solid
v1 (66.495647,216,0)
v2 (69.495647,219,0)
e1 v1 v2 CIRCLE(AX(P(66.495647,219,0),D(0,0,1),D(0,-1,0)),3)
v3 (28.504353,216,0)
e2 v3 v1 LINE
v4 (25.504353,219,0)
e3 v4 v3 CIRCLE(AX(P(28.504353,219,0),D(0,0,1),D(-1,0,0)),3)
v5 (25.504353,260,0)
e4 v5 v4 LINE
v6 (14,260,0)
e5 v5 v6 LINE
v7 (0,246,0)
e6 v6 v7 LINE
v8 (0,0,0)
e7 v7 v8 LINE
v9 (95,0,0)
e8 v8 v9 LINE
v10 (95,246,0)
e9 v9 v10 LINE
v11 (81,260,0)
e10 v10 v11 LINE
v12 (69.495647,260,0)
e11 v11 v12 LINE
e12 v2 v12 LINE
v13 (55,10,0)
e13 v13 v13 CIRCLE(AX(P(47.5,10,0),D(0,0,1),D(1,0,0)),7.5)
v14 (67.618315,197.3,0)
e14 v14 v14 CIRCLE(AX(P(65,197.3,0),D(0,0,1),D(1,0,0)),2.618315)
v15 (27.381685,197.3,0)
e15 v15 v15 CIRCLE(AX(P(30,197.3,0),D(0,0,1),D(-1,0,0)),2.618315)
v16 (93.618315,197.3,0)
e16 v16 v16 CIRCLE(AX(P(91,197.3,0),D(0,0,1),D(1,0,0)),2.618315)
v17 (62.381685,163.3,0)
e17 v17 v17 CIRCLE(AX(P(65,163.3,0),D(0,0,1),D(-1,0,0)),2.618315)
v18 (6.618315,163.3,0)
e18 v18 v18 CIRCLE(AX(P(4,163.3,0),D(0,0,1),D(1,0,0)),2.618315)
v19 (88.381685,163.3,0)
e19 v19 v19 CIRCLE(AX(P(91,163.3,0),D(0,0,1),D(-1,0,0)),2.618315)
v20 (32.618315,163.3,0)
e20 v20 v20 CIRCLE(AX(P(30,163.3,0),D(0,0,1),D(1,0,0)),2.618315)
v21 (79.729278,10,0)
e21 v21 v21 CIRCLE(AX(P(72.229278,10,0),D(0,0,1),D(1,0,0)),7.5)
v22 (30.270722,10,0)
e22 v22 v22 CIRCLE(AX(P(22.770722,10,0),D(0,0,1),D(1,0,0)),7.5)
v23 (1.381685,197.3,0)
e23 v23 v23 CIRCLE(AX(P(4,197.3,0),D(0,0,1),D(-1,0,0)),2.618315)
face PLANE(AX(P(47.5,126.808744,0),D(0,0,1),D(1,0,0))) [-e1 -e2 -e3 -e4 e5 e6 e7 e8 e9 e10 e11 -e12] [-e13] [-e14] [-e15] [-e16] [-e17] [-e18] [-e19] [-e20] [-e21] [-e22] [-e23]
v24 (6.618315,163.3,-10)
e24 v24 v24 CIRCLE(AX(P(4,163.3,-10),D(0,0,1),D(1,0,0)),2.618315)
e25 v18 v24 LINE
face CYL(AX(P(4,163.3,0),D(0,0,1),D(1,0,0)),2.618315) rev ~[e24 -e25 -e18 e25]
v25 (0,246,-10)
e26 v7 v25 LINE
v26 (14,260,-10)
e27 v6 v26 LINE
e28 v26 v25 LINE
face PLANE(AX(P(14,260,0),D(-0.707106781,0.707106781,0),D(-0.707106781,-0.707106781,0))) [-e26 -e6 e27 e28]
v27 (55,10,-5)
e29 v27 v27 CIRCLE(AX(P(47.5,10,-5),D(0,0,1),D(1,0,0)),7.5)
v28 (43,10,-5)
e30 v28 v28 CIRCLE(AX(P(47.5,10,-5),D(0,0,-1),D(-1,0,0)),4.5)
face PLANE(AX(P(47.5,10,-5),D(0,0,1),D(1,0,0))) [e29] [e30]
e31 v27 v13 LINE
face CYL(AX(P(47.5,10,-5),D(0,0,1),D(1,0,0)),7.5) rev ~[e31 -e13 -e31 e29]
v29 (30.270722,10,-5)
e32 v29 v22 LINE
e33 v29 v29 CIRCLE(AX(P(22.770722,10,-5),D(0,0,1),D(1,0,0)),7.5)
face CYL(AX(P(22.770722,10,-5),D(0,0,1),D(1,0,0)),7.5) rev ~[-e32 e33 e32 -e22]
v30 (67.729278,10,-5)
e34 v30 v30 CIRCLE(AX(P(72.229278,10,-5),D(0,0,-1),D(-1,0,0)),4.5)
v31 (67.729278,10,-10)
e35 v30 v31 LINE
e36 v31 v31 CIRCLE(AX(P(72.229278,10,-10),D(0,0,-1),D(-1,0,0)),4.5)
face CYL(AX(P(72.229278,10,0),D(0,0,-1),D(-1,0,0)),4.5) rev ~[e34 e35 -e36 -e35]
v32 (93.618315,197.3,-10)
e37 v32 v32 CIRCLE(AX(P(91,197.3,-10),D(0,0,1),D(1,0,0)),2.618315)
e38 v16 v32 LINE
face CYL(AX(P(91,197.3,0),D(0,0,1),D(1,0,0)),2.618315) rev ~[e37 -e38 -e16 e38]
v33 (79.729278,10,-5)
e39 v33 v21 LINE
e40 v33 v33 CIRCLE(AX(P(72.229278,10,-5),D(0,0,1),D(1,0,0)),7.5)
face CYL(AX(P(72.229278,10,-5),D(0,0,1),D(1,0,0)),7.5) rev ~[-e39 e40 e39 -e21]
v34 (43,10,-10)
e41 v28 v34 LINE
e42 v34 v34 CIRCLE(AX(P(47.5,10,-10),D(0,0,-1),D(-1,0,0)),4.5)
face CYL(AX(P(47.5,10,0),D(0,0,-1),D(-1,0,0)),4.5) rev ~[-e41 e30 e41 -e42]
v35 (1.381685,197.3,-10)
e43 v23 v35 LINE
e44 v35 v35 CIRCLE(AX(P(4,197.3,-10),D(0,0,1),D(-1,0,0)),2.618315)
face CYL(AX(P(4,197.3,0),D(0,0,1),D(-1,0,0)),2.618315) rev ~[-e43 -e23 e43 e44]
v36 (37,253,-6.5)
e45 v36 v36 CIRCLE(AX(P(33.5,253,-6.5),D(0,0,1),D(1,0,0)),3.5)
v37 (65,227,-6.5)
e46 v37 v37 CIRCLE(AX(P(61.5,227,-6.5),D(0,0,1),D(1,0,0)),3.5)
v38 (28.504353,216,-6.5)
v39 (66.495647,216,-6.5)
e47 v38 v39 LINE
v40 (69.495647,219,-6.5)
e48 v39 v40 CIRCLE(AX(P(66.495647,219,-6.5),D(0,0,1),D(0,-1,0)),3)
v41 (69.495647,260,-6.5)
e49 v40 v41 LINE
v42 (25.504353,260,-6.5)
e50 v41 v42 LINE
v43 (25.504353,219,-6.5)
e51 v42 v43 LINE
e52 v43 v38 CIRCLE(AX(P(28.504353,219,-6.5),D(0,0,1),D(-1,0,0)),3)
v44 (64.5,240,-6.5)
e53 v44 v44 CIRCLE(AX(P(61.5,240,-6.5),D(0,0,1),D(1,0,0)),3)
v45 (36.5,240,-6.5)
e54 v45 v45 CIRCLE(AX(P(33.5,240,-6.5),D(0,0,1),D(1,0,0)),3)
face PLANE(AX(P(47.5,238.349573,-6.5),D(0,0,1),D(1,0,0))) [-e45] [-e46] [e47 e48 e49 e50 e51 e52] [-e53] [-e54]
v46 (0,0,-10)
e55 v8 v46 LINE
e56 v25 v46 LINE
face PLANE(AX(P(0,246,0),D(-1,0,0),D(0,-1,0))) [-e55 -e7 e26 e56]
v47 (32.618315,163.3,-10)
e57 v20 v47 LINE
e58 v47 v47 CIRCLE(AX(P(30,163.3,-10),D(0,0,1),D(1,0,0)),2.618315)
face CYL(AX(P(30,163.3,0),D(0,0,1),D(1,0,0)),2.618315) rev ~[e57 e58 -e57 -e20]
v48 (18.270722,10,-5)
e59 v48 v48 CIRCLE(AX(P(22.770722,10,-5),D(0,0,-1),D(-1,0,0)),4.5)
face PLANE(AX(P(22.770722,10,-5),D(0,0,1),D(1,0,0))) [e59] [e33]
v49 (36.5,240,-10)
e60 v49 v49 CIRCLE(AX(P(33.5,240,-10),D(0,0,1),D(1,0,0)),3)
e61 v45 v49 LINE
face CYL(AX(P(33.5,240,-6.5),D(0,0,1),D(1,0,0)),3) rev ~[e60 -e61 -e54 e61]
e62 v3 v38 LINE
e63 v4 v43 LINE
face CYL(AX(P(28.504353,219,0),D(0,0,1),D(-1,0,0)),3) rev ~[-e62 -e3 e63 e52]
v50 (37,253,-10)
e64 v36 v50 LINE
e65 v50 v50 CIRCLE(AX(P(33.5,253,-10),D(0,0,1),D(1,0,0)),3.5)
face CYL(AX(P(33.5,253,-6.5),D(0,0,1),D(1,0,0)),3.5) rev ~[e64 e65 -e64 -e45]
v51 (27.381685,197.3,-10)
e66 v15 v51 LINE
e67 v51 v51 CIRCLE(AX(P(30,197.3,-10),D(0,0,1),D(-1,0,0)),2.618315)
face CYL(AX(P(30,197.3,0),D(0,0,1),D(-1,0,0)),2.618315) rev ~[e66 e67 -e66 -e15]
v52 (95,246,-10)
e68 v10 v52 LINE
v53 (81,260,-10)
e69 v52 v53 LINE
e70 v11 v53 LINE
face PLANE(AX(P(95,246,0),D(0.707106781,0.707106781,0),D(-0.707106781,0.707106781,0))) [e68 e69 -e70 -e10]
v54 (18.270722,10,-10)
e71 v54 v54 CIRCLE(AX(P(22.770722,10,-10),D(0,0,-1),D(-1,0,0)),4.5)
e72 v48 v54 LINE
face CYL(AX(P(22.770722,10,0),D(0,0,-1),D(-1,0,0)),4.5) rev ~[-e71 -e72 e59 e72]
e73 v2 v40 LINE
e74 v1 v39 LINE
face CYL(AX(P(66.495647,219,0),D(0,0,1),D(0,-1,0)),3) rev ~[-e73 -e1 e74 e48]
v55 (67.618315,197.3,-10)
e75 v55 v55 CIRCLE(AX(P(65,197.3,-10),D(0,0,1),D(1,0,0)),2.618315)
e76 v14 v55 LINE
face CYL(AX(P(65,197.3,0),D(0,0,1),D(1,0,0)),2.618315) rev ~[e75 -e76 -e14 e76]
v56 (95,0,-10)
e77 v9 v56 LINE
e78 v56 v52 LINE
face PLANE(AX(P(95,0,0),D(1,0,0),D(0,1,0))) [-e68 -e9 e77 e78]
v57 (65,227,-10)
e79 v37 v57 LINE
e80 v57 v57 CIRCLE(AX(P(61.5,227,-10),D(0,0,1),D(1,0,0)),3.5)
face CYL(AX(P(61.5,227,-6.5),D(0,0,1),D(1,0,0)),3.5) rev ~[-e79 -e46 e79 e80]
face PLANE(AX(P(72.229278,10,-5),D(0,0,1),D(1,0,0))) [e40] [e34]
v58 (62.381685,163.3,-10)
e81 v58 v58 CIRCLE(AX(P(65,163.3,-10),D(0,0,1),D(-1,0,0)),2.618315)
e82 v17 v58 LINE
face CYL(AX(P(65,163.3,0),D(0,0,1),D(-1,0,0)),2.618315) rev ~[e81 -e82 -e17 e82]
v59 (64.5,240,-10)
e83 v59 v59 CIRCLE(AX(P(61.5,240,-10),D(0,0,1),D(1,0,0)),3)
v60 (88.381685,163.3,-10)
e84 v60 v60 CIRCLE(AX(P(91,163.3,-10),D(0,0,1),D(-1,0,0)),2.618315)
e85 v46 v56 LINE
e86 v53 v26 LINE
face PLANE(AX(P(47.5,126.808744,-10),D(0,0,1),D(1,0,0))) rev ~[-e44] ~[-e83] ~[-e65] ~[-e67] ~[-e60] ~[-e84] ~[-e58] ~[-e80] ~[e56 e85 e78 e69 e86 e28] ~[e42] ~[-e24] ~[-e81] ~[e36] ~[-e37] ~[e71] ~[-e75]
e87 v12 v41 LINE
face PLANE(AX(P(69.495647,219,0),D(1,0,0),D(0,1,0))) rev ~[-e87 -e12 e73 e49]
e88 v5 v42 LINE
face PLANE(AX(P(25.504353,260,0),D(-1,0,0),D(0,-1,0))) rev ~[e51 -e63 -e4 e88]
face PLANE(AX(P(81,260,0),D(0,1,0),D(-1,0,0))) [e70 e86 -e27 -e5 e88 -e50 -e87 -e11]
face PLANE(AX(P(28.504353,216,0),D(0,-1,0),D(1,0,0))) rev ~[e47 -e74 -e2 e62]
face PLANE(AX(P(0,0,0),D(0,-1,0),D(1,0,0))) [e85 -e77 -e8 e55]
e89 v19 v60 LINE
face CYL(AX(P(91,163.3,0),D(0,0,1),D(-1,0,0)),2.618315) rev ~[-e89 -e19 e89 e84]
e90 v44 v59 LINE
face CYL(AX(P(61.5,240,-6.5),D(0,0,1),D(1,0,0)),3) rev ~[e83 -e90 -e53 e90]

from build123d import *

# Parameters (mm, degrees)
SCHIZZO1_R                                           = 4.2
SCHIZZO1_R_2                                         = 2.61831532
ESTRUSIONE_ESTRUSIONE1_DEPTH                         = 10
TAGLIO_ESTRUSIONE1_DEPTH                             = 6.5
SCHIZZO3_R                                           = 3.5
SCHIZZO3_R_2                                         = 3
TAGLIO_ESTRUSIONE2_DEPTH                             = 6.5
FORO_LAMATO_PER_VITE_M8_A_TESTA_CILINDRI_D           = 9
FORO_LAMATO_PER_VITE_M8_A_TESTA_CILINDRI_CBORE_D     = 15
FORO_LAMATO_PER_VITE_M8_A_TESTA_CILINDRI_CBORE_DEPTH = 5


with BuildPart() as part:
    # Schizzo1 → Estrusione-Estrusione1 (new body)
    with BuildSketch(Plane.XY):
        Polygon((0, 0), (95, 0), (95, 246), (81, 260), (14, 260), (0, 246), align=None)
        with Locations((22.770722004, 10)):
            Circle(SCHIZZO1_R, mode=Mode.SUBTRACT)
        with Locations((47.5, 10)):
            Circle(SCHIZZO1_R, mode=Mode.SUBTRACT)
        with Locations(Location((72.229277996, 10, 0), (0, 0, 180))):
            Circle(SCHIZZO1_R, mode=Mode.SUBTRACT)
        with Locations((4, 163.3)):
            Circle(SCHIZZO1_R_2, mode=Mode.SUBTRACT)
        with Locations((30, 163.3)):
            Circle(SCHIZZO1_R_2, mode=Mode.SUBTRACT)
        with Locations(Location((65, 163.3, 0), (0, 0, 180))):
            Circle(SCHIZZO1_R_2, mode=Mode.SUBTRACT)
        with Locations(Location((91, 163.3, 0), (0, 0, 180))):
            Circle(SCHIZZO1_R_2, mode=Mode.SUBTRACT)
        with Locations((91, 197.3)):
            Circle(SCHIZZO1_R_2, mode=Mode.SUBTRACT)
        with Locations((65, 197.3)):
            Circle(SCHIZZO1_R_2, mode=Mode.SUBTRACT)
        with Locations(Location((30, 197.3, 0), (0, 0, 180))):
            Circle(SCHIZZO1_R_2, mode=Mode.SUBTRACT)
        with Locations(Location((4, 197.3, 0), (0, 0, 180))):
            Circle(SCHIZZO1_R_2, mode=Mode.SUBTRACT)
    extrude(amount=-ESTRUSIONE_ESTRUSIONE1_DEPTH)

    # Schizzo2 → Taglio-Estrusione1 (cut)
    with BuildSketch(Plane.XY):
        with BuildLine():
            Line((25.504353305, 260), (25.504353305, 219))
            ThreePointArc((25.504353305, 219), (26.383032962, 216.878679656), (28.504353305, 216))
            Line((28.504353305, 216), (66.495646695, 216))
            ThreePointArc((66.495646695, 216), (68.616967038, 216.878679656), (69.495646695, 219))
            Line((69.495646695, 219), (69.495646695, 260))
            Line((69.495646695, 260), (25.504353305, 260))
        make_face()
    extrude(amount=-TAGLIO_ESTRUSIONE1_DEPTH, mode=Mode.SUBTRACT)

    # Schizzo3 → Taglio-Estrusione2 (cut)
    with BuildSketch(Plane.XY.offset(-6.5)):
        with Locations((33.5, 253)):
            Circle(SCHIZZO3_R)
        with Locations((33.5, 240)):
            Circle(SCHIZZO3_R_2)
        with Locations((61.5, 240)):
            Circle(SCHIZZO3_R_2)
        with Locations((61.5, 227)):
            Circle(SCHIZZO3_R)
    extrude(amount=-TAGLIO_ESTRUSIONE2_DEPTH, mode=Mode.SUBTRACT)

    # Foro lamato per Vite M8 a testa cilindrica piana-1 (through all)
    with Locations(Plane(origin=(47.5, 10, 0), x_dir=(1, 0, 0), z_dir=(0, 0, 1))):
        with Locations((0, 0), (-24.729277996, 0), (24.729277996, 0)):
            CounterBoreHole(FORO_LAMATO_PER_VITE_M8_A_TESTA_CILINDRI_D / 2, FORO_LAMATO_PER_VITE_M8_A_TESTA_CILINDRI_CBORE_D / 2, FORO_LAMATO_PER_VITE_M8_A_TESTA_CILINDRI_CBORE_DEPTH)


solid = part.part
